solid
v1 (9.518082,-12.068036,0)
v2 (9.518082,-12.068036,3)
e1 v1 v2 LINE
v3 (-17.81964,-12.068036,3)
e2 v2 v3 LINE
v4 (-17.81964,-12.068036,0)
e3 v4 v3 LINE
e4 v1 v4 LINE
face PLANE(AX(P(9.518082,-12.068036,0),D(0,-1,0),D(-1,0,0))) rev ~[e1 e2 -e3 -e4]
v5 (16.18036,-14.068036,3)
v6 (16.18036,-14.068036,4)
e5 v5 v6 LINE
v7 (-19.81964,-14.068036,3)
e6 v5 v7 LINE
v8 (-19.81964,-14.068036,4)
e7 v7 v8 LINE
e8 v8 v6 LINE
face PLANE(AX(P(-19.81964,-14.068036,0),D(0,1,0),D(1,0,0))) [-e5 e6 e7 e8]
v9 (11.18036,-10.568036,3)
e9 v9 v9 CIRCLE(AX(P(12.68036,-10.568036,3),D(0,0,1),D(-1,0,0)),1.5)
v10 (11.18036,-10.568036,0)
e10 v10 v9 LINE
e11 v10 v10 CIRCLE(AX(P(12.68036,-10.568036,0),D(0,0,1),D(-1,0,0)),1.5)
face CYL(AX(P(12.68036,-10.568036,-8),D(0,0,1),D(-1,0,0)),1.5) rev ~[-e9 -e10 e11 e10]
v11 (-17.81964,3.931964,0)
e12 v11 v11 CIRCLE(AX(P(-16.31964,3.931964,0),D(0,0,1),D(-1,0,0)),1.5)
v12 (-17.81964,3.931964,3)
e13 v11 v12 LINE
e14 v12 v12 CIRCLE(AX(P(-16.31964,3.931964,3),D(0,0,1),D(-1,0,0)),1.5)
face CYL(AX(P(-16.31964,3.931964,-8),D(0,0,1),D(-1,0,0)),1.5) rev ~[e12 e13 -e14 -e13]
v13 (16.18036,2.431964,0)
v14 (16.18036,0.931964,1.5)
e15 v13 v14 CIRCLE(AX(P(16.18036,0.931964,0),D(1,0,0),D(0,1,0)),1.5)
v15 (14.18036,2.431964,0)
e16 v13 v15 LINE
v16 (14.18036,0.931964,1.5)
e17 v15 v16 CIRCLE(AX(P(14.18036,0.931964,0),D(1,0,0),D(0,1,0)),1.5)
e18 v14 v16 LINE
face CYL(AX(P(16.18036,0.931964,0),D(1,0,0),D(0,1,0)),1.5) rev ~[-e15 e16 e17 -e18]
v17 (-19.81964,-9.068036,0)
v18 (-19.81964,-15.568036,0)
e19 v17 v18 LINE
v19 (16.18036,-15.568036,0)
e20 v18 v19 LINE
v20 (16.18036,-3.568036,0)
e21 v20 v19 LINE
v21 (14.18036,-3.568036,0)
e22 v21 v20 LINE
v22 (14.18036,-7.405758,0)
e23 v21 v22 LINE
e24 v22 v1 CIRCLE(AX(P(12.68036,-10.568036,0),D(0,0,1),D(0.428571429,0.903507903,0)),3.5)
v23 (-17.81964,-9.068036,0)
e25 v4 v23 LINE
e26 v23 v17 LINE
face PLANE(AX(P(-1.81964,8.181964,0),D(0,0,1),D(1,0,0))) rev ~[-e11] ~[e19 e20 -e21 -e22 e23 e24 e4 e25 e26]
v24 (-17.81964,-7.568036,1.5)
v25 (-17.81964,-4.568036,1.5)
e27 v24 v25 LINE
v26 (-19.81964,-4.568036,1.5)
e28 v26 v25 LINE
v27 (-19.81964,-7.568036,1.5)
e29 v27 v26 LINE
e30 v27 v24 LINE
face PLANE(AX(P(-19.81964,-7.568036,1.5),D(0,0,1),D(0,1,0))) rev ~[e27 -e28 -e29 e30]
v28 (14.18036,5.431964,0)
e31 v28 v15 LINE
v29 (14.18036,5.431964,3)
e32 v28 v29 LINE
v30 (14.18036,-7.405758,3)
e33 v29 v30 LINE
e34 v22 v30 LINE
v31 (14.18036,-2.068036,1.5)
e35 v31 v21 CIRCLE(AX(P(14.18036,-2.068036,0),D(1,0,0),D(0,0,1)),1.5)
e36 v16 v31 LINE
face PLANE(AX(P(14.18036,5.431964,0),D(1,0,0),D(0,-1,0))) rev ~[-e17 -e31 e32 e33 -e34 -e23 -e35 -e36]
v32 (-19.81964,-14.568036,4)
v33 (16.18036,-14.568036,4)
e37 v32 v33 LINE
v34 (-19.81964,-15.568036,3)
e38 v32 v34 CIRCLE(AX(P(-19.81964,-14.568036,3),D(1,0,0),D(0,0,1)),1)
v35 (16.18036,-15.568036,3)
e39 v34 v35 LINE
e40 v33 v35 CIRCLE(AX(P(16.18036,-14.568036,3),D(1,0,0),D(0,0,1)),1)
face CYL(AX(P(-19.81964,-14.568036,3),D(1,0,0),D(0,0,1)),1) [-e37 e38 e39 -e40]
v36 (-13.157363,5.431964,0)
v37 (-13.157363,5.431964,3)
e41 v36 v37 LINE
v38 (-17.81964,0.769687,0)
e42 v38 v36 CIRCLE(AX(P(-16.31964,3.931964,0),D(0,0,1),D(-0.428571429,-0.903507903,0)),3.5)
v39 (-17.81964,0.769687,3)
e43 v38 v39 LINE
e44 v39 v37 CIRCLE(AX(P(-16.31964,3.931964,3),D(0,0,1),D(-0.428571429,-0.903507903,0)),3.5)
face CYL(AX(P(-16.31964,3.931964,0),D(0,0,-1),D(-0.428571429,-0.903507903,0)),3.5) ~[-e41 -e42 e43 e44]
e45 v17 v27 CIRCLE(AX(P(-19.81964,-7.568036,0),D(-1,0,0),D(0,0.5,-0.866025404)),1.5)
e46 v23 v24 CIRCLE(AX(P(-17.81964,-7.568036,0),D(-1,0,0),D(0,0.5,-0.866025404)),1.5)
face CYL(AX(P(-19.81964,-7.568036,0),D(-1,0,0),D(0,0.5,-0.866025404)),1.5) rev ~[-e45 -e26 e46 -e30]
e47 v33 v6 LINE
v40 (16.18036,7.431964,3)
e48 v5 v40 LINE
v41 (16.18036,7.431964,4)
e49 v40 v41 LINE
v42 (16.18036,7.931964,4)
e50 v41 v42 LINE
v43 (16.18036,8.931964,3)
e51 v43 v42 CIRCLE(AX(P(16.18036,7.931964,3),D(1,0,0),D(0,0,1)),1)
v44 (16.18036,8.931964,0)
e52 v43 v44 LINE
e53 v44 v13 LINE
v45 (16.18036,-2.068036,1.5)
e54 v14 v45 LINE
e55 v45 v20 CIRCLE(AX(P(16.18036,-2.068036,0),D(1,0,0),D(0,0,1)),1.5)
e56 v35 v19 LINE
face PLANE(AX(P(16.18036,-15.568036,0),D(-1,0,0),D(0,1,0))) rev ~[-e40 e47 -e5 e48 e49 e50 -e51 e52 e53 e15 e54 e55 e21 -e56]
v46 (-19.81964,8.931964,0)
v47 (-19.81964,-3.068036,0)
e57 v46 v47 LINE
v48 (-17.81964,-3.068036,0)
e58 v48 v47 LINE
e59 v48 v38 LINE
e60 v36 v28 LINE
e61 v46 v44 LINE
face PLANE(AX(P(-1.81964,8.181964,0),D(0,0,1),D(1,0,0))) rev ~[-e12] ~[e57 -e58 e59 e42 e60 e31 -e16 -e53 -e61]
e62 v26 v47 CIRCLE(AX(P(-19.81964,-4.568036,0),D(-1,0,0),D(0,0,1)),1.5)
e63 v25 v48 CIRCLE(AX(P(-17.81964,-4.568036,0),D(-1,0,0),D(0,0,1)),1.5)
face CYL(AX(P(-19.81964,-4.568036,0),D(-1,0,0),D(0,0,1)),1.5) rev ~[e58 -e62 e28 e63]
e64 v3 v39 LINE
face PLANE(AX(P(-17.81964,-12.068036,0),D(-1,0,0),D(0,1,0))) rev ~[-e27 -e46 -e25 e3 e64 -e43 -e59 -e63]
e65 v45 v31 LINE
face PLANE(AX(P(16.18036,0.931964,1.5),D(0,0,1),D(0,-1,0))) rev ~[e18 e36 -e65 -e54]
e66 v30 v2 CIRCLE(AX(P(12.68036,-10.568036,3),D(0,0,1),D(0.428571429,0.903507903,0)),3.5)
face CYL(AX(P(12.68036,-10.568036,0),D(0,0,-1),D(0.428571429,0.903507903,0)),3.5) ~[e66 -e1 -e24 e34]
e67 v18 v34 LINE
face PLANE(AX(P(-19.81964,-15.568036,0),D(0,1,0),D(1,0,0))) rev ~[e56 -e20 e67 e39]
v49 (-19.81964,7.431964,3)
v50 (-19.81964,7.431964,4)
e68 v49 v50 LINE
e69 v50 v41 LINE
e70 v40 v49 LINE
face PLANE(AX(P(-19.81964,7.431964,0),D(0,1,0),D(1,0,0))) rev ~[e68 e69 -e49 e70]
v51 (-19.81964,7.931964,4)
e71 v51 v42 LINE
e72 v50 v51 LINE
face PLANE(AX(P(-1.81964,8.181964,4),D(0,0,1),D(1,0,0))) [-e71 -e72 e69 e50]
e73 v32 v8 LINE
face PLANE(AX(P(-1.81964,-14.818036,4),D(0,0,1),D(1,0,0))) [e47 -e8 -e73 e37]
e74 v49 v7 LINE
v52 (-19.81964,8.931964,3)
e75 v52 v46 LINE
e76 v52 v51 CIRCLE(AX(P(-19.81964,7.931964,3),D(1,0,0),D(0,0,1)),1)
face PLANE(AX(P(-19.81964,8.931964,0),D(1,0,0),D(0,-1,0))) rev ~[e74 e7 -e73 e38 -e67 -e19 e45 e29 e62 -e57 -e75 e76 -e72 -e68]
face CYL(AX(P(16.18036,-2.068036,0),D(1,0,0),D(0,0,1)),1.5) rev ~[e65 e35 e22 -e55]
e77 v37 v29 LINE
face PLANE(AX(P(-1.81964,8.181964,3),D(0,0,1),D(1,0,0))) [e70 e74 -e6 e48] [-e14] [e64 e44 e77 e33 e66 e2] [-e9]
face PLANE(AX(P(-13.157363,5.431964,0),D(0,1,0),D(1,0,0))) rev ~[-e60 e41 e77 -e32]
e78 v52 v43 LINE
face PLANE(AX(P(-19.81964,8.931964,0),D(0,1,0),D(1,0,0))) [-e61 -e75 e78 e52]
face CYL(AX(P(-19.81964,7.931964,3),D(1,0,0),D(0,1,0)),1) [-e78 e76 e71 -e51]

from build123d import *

# Parameters (mm, degrees)
F0_W     = 36
F0_H     = 1.5
F0_H_2   = 21.5
F1_DEPTH = 3
F2_DEPTH = 4
F3_D     = 3
F3_DEPTH = 8
F3_TIP   = 0.9012909285
F4_R     = 1
F6_DEPTH = 25
F8_DEPTH = 25


with BuildPart() as f1:
    # F0 (on Top) → F1 (new body)
    with BuildSketch(Plane.XY):
        with Locations((-1.819640398, 8.1819643453)):
            Rectangle(F0_W, F0_H)
        with Locations((-1.819640398, -3.3180356547)):
            Rectangle(F0_W, F0_H_2)
        with BuildLine():
            ThreePointArc((-17.819640398, 0.7696866851), (-13.8447666639, 1.4570906111), (-13.1573627379, 5.4319643453))
            Line((-13.1573627379, 5.4319643453), (14.180359602, 5.4319643453))
            Line((14.180359602, 5.4319643453), (14.180359602, -7.4057579946))
            ThreePointArc((14.180359602, -7.4057579946), (10.2054858678, -8.0931619206), (9.5180819418, -12.0680356547))
            Line((9.5180819418, -12.0680356547), (-17.819640398, -12.0680356547))
            Line((-17.819640398, -12.0680356547), (-17.819640398, 0.7696866851))
        make_face(mode=Mode.SUBTRACT)
        with Locations((-1.819640398, -14.8180356547)):
            Rectangle(F0_W, F0_H)
    extrude(amount=F1_DEPTH)

    # F0 (on Top) → F2 (join)
    with BuildSketch(Plane.XY):
        with Locations((-1.819640398, 8.1819643453)):
            Rectangle(F0_W, F0_H)
        with Locations((-1.819640398, -14.8180356547)):
            Rectangle(F0_W, F0_H)
    extrude(amount=F2_DEPTH)

    # F3
    with Locations(Plane(origin=(0, 0, 0), x_dir=(1, 0, 0), z_dir=(0, 0, -1))):
        with Locations((12.680359602, 10.5680356547), (-16.319640398, -3.9319643453)):
            Hole(F3_D / 2, depth=F3_DEPTH)
            with Locations((0, 0, -(F3_DEPTH + F3_TIP / 2))):  # 118° drill point
                Cone(0, F3_D / 2, F3_TIP, mode=Mode.SUBTRACT)

    # F4
    f4_edges = [f1.edges().sort_by_distance(p)[0] for p in [
        (-1.81964, 8.931964, 4),
        (-1.81964, -15.568036, 4),
    ]]
    fillet(f4_edges, radius=F4_R)

    # F5 (on face) → F6 (cut)
    with BuildSketch(Plane(origin=(-19.819640398, 0, 0), x_dir=(0, -1, 0), z_dir=(-1, 0, 0))):
        with BuildLine():
            Line((7.5680356547, 1.5), (4.5680356547, 1.5))
            ThreePointArc((4.5680356547, 1.5), (3.1191469153, -0.3882285677), (5.3180356547, -1.2990381057))
            ThreePointArc((5.3180356547, -1.2990381057), (6.0680356547, -1.5), (6.8180356547, -1.2990381057))
            ThreePointArc((6.8180356547, -1.2990381057), (9.0169243942, -0.3882285677), (7.5680356547, 1.5))
        make_face()
    extrude(amount=-F6_DEPTH, mode=Mode.SUBTRACT)

    # F7 (on face) → F8 (cut)
    with BuildSketch(Plane.YZ.offset(16.180359602)):
        with BuildLine():
            ThreePointArc((-0.5680356547, 0), (0.9319643453, -1.5), (2.4319643453, 0))
            ThreePointArc((2.4319643453, 0), (1.9926245171, 1.0606601718), (0.9319643453, 1.5))
            ThreePointArc((0.9319643453, 1.5), (-0.1286958265, 1.0606601718), (-0.5680356547, 0))
        make_face()
        with BuildLine():
            ThreePointArc((-0.5680356547, 0), (-0.1286958265, 1.0606601718), (0.9319643453, 1.5))
            Line((0.9319643453, 1.5), (-2.0680356547, 1.5))
            ThreePointArc((-2.0680356547, 1.5), (-1.0073754829, 1.0606601718), (-0.5680356547, 0))
        make_face()
        with BuildLine():
            ThreePointArc((-2.0680356547, 1.5), (-3.1286958265, -1.0606601718), (-0.5680356547, 0))
            ThreePointArc((-0.5680356547, 0), (-1.0073754829, 1.0606601718), (-2.0680356547, 1.5))
        make_face()
    extrude(amount=-F8_DEPTH, mode=Mode.SUBTRACT)


solid = f1.part
